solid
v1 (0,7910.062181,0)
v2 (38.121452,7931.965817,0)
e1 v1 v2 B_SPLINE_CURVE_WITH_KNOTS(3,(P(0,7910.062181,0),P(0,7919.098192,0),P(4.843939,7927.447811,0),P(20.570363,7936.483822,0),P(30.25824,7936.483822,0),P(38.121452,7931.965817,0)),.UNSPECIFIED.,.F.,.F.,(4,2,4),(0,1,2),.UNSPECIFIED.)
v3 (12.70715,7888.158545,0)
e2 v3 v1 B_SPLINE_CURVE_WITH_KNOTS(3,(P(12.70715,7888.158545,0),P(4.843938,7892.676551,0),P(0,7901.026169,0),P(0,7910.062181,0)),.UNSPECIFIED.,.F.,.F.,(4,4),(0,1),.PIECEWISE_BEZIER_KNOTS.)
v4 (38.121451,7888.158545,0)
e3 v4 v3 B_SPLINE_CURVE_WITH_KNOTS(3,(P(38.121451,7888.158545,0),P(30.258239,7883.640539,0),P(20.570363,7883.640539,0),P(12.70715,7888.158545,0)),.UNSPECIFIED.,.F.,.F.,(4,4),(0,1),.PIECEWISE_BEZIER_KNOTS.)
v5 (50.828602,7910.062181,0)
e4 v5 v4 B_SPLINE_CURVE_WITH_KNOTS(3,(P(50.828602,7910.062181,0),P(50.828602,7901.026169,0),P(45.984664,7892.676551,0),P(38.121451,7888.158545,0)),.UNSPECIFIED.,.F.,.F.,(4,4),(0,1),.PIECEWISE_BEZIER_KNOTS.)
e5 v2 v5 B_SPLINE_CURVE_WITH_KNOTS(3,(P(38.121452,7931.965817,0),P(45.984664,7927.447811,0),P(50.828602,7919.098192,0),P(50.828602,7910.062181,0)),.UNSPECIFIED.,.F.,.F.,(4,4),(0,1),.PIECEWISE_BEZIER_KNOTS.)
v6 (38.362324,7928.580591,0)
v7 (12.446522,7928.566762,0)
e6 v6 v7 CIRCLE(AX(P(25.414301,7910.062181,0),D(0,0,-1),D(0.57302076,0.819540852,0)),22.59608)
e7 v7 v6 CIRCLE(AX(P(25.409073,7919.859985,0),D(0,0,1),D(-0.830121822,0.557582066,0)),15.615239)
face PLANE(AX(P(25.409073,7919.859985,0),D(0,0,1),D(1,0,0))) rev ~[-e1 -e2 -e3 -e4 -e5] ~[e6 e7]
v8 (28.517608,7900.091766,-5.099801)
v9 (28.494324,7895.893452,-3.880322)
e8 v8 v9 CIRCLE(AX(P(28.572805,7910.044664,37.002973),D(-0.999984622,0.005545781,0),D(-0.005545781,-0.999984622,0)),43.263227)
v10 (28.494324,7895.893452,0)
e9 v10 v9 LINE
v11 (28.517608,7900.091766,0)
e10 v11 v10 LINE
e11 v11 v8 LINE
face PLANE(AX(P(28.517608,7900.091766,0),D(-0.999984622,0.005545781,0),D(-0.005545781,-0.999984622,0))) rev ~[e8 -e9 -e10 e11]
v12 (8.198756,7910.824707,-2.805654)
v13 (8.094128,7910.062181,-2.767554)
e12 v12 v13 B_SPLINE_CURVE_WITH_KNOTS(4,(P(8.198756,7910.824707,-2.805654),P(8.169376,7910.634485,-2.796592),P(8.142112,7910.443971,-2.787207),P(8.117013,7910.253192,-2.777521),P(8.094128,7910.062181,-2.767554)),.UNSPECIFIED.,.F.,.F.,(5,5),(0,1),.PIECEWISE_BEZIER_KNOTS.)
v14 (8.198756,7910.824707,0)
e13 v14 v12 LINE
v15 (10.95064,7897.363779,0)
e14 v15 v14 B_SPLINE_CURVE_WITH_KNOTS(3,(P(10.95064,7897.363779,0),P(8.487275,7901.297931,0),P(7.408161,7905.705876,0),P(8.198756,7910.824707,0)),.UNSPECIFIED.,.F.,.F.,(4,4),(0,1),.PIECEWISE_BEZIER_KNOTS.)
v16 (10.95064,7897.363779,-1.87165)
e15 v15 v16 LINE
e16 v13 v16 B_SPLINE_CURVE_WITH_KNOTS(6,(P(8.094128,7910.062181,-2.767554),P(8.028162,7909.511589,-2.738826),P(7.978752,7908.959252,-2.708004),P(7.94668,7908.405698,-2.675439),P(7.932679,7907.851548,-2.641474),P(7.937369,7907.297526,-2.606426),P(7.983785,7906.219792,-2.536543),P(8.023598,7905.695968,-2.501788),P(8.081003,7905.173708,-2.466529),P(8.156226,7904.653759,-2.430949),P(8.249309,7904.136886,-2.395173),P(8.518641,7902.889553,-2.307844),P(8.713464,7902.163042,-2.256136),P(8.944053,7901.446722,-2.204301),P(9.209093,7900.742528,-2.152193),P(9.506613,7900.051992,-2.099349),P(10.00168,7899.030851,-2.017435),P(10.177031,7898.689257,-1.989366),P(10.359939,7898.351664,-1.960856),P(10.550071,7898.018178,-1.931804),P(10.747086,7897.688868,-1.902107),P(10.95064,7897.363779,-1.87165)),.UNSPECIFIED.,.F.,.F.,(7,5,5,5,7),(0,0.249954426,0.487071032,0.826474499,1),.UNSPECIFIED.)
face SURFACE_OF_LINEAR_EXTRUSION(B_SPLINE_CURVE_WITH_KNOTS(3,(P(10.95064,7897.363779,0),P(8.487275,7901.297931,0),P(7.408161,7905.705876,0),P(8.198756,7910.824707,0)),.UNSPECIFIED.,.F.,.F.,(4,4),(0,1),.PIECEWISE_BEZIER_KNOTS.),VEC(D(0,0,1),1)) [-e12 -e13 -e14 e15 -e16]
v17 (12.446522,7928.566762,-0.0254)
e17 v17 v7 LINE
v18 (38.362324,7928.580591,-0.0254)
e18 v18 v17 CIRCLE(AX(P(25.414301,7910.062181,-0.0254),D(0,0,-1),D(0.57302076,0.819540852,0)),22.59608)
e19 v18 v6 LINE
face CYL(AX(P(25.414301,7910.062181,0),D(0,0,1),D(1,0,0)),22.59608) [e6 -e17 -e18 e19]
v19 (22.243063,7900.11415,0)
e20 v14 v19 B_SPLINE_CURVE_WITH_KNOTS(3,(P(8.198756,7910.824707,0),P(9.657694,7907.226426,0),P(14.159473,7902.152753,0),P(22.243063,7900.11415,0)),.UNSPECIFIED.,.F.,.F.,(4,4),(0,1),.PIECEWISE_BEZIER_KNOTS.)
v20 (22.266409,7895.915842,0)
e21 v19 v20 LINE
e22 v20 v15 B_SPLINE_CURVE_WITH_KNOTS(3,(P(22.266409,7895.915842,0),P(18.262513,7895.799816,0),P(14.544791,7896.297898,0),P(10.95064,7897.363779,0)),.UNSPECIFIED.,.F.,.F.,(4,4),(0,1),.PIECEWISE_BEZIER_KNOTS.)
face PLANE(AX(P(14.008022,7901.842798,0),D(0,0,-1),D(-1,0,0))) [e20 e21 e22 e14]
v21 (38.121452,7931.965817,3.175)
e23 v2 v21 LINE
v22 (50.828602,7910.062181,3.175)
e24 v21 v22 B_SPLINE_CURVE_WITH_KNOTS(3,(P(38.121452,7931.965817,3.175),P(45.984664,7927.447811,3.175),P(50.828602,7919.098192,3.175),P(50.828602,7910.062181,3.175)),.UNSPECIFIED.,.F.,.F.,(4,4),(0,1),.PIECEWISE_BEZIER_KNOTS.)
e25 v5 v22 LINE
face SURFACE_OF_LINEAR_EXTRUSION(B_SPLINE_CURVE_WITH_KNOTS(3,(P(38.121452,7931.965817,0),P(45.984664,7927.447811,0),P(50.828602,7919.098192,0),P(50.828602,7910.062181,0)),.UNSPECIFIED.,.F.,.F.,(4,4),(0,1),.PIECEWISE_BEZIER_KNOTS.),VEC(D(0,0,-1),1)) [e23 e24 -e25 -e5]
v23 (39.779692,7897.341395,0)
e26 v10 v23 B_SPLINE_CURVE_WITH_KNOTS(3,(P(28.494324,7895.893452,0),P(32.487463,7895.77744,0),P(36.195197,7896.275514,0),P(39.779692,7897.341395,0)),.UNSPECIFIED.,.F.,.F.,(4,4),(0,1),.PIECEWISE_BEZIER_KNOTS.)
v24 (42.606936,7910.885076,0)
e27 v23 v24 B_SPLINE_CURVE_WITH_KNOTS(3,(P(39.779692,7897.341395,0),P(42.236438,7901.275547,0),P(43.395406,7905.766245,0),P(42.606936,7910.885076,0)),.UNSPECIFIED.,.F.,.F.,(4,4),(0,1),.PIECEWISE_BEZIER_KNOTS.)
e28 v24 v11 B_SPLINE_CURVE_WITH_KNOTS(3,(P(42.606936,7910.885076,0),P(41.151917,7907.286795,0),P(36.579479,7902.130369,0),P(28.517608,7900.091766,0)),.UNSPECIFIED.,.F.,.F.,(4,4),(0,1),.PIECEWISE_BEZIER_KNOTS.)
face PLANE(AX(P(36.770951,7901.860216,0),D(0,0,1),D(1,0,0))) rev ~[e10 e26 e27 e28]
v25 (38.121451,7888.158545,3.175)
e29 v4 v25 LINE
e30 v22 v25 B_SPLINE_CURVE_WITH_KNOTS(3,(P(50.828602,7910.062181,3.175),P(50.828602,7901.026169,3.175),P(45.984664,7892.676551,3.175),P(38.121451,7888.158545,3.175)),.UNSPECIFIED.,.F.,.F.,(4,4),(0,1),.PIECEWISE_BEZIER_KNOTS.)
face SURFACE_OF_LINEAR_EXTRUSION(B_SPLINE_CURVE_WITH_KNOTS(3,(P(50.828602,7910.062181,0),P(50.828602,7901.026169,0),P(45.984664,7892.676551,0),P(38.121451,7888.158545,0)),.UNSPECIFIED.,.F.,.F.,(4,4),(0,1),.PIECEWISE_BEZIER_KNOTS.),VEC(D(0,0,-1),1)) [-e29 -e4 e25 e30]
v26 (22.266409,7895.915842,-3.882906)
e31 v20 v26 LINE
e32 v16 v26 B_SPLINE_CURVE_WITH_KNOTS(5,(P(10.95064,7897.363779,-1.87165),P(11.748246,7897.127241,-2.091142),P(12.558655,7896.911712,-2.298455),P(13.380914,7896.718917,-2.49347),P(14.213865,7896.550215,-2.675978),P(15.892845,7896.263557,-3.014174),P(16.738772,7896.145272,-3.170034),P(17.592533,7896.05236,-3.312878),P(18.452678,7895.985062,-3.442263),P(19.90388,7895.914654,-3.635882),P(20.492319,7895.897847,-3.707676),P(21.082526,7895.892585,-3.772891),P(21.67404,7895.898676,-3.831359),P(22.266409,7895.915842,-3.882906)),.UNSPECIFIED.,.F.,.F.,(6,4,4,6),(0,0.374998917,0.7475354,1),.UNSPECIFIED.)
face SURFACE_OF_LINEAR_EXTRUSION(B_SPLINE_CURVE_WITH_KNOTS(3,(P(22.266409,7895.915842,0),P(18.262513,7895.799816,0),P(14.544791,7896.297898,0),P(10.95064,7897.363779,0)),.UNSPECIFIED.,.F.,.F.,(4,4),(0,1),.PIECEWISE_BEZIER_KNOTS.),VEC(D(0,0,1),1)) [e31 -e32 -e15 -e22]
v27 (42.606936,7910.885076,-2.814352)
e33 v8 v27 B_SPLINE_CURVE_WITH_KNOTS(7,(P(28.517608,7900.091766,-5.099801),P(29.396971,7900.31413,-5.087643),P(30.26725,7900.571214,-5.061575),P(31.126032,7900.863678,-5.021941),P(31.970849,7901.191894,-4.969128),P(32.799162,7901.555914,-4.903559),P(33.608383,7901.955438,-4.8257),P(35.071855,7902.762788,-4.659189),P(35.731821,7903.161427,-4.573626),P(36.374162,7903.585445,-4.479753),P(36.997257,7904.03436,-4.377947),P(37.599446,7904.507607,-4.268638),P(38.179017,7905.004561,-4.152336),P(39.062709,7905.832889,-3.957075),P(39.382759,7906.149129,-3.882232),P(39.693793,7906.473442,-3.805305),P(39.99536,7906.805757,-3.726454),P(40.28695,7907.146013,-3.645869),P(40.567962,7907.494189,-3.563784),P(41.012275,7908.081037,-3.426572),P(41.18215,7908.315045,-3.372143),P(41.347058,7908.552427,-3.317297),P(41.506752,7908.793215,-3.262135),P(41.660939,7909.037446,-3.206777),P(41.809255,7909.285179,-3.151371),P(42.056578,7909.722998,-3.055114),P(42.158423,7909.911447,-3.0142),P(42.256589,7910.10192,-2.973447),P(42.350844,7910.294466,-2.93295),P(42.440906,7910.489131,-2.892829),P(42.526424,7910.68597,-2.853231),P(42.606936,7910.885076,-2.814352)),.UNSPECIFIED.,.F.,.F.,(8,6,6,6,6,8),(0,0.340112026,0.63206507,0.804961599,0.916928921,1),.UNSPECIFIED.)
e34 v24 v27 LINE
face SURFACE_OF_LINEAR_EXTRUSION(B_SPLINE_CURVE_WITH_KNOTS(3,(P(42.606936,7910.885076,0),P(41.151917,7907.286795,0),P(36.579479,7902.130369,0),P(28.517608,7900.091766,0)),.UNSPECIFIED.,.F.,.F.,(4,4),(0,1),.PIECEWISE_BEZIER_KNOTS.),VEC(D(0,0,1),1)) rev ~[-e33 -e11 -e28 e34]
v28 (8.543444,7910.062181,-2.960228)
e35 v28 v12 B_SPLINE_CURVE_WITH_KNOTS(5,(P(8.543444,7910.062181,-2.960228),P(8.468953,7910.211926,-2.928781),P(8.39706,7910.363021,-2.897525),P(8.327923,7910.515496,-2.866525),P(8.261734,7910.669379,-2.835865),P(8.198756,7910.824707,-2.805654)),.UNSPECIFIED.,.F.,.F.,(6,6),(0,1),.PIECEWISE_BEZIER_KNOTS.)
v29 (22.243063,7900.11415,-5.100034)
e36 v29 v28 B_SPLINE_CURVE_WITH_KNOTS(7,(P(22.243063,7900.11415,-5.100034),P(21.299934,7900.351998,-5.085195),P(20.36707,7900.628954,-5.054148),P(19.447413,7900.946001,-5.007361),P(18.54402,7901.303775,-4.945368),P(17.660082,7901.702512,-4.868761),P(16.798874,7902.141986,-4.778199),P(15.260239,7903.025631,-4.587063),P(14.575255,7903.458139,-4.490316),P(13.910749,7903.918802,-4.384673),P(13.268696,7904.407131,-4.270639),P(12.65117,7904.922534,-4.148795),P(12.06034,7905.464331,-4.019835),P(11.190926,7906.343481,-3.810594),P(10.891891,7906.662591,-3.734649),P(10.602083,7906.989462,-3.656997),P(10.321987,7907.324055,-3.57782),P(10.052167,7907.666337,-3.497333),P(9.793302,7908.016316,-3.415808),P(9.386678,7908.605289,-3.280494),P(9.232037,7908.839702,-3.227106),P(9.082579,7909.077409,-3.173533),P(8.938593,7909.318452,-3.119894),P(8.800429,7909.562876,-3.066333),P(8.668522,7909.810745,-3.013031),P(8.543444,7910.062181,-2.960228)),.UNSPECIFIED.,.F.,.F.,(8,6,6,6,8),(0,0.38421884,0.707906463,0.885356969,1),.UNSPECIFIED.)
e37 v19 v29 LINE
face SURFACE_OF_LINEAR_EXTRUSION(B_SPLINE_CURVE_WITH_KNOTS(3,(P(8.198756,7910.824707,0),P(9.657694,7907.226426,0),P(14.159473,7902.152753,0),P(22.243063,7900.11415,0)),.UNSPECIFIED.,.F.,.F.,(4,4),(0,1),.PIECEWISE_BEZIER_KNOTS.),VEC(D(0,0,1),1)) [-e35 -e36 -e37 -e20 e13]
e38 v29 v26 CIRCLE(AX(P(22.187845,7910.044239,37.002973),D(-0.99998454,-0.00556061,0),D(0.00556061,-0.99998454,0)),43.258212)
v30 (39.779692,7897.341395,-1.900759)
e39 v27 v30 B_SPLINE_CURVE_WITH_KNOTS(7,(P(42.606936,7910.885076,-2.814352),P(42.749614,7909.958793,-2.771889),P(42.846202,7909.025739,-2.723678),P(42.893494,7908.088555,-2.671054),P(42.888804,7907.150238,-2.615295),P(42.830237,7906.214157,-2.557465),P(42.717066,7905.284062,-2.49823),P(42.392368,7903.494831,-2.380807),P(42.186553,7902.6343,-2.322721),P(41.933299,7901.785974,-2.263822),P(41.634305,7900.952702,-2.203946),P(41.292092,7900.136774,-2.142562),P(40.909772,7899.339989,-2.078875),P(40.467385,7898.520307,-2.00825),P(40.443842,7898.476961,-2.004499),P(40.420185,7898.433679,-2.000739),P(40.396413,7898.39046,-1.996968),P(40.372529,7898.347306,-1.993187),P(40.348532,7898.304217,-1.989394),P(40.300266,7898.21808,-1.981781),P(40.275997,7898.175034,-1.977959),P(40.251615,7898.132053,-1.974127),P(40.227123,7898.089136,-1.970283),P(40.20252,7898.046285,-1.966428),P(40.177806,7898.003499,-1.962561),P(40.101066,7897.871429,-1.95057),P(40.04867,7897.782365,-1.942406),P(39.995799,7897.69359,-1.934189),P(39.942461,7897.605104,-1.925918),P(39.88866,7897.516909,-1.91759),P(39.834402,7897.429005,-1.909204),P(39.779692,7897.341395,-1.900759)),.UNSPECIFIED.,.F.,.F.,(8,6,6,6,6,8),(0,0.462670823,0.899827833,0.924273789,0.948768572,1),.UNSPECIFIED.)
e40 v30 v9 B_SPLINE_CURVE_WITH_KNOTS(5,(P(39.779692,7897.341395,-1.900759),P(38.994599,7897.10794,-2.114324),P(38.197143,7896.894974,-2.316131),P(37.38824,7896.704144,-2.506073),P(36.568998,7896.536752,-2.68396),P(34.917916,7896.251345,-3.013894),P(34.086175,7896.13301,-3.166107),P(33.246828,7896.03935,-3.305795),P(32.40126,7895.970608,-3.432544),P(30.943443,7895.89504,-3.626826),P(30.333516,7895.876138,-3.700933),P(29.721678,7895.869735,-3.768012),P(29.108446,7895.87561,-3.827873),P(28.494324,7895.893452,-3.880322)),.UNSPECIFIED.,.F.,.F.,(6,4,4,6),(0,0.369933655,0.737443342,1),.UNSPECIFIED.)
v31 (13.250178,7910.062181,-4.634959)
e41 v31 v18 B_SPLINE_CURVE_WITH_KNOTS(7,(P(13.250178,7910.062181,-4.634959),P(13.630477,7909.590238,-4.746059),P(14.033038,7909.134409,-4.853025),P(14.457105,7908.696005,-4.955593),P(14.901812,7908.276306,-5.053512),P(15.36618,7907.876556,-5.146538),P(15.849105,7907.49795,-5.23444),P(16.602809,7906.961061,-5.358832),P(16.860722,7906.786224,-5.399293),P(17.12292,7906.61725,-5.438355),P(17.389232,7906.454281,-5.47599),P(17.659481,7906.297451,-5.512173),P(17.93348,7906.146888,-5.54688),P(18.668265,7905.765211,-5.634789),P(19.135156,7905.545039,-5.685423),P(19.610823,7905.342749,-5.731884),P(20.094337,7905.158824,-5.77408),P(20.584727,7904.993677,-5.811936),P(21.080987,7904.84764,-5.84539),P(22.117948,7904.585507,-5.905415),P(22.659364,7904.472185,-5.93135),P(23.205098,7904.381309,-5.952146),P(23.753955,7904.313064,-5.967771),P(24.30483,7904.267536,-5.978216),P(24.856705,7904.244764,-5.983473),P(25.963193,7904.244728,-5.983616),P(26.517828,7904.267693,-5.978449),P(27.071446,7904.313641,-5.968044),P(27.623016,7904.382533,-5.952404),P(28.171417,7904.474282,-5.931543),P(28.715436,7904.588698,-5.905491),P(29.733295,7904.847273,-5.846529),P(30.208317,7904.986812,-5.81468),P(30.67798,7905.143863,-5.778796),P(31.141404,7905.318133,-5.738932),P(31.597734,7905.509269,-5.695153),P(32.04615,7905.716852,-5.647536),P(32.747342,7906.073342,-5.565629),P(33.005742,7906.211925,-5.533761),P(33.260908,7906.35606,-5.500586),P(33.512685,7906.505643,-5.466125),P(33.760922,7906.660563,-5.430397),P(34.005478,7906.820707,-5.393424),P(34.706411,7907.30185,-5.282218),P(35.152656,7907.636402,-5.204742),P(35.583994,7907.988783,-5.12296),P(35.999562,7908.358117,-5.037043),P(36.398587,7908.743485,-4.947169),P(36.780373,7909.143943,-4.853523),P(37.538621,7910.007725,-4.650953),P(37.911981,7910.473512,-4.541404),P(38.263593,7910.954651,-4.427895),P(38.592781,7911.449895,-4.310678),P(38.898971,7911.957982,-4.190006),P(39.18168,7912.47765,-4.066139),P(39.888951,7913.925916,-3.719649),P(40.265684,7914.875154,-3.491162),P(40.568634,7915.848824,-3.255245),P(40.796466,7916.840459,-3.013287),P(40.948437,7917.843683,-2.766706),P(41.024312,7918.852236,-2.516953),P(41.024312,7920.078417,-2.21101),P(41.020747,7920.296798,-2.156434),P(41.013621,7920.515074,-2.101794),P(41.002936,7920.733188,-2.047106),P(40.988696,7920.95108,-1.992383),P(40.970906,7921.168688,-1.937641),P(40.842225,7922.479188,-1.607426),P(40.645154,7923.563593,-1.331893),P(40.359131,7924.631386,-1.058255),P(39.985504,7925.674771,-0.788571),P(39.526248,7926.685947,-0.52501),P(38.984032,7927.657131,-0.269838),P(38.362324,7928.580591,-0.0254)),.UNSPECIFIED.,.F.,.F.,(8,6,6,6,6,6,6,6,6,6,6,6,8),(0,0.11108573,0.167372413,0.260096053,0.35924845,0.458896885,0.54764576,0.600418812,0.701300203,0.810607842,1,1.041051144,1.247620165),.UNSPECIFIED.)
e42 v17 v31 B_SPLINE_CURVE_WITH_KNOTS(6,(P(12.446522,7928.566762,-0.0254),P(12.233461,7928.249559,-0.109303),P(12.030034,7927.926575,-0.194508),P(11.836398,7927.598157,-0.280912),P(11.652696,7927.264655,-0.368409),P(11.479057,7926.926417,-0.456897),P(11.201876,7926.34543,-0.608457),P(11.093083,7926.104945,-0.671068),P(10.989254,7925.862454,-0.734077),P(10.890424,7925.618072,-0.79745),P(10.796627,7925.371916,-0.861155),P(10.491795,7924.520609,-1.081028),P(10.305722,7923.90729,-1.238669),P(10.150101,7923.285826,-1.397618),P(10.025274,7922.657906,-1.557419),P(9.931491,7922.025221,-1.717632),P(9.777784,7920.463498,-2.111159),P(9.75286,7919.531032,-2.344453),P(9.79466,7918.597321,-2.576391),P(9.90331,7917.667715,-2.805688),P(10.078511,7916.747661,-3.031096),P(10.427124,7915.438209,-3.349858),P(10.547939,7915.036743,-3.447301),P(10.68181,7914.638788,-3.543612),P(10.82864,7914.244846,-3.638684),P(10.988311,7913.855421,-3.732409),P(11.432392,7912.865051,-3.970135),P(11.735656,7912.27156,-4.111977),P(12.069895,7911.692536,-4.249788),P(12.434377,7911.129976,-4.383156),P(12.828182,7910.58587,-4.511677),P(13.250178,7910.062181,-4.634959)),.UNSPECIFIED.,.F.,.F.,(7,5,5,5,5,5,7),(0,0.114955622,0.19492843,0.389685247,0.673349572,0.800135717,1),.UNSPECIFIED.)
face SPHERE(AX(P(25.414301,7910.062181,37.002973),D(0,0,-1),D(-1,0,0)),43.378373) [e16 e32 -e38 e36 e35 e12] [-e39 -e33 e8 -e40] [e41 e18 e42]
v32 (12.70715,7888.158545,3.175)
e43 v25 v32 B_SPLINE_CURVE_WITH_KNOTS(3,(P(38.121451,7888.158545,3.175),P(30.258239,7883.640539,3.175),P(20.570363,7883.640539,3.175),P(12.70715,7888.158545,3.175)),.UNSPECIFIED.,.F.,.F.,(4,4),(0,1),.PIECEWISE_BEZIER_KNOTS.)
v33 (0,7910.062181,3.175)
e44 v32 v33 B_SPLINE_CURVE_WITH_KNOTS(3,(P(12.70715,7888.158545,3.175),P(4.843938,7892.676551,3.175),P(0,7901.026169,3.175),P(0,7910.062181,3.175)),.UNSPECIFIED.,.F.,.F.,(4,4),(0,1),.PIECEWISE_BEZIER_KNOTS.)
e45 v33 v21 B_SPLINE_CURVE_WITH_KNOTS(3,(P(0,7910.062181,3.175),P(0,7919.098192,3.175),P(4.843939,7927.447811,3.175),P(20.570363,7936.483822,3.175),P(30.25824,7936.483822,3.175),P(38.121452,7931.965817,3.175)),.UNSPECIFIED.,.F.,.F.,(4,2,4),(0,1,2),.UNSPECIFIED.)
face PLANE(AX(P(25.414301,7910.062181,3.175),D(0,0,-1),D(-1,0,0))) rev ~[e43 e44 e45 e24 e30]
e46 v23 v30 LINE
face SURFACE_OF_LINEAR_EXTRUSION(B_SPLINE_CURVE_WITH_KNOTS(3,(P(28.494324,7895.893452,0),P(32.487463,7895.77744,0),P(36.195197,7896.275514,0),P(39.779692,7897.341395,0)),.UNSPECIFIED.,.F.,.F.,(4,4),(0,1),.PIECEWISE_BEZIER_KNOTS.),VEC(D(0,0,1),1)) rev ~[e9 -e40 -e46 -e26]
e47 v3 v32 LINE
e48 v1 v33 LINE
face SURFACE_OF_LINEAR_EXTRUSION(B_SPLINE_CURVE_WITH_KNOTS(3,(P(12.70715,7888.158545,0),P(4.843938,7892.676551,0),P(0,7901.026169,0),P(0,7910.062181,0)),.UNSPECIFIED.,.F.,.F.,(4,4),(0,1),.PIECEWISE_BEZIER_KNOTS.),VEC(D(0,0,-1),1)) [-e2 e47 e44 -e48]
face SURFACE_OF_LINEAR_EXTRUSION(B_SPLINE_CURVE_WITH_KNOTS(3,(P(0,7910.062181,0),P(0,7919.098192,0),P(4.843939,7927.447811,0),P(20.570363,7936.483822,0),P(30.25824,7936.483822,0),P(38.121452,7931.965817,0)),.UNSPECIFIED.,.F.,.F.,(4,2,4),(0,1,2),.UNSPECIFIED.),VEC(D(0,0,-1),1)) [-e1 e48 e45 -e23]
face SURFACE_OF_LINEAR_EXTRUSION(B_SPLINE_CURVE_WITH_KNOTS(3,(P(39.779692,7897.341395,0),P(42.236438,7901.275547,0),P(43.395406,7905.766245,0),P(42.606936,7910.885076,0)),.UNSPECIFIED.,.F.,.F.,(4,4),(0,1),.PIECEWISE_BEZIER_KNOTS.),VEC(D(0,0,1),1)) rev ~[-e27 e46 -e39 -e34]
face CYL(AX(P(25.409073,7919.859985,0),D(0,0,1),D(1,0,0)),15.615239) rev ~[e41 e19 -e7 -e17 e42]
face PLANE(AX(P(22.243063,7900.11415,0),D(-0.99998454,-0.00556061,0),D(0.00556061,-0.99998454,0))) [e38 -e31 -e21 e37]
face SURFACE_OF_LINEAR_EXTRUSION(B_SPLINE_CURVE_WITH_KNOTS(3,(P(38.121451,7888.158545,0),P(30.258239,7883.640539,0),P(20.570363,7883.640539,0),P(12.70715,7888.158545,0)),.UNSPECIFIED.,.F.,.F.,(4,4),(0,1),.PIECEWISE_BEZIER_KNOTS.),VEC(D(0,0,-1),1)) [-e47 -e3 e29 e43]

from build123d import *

# Parameters (mm, degrees)
BOSS_EXTRUDE1_DEPTH = 3.175
SKETCH3_R           = 22.596080088
BOSS_EXTRUDE2_DEPTH = 0.0254
DOME1_FACE_RADIUS   = 22.596080088
DOME1_HEIGHT        = 6.35
SKETCH4_R           = 15.615239036
CUT_EXTRUDE1_DEPTH  = 7.6454


with BuildPart() as part:
    # Sketch1 → Boss-Extrude1 (new body)
    with BuildSketch(Plane.XY):
        with BuildLine():
            add(Edge.make_bspline(
                [(50.828602384, 7910.062180707), (50.828602053, 7901.026169372), (45.984663658, 7892.676550548), (38.121451499, 7888.158544715)],
                knots=[0, 0, 0, 0, 1, 1, 1, 1], degree=3))
            add(Edge.make_bspline(
                [(38.121451499, 7888.158544715), (30.258239339, 7883.640539048), (20.570362548, 7883.640539048), (12.707150389, 7888.158544715)],
                knots=[0, 0, 0, 0, 1, 1, 1, 1], degree=3))
            add(Edge.make_bspline(
                [(12.707150389, 7888.158544715), (4.84393823, 7892.676550548), (-1.66e-07, 7901.026169372), (1.66e-07, 7910.062180707)],
                knots=[0, 0, 0, 0, 1, 1, 1, 1], degree=3))
            add(Edge.make_bspline(
                [(1.66e-07, 7910.062180707), (1.66e-07, 7919.098192041), (4.843938561, 7927.447810866), (12.70715072, 7931.965816533)],
                knots=[0, 0, 0, 0, 1, 1, 1, 1], degree=3))
            add(Edge.make_bspline(
                [(12.70715072, 7931.965816533), (20.570362879, 7936.4838222), (30.25823967, 7936.4838222), (38.12145183, 7931.965816533)],
                knots=[0, 0, 0, 0, 1, 1, 1, 1], degree=3))
            add(Edge.make_bspline(
                [(38.12145183, 7931.965816533), (45.984663989, 7927.447810866), (50.828602384, 7919.098192041), (50.828602384, 7910.062180707)],
                knots=[0, 0, 0, 0, 1, 1, 1, 1], degree=3))
        make_face()
    extrude(amount=BOSS_EXTRUDE1_DEPTH)

    # Sketch3 → Boss-Extrude2 (add)
    with BuildSketch(Plane.XY):
        with Locations((25.414301275, 7910.062180707)):
            Circle(SKETCH3_R)
    extrude(amount=-BOSS_EXTRUDE2_DEPTH)

    # Dome1: a dome of height H over a round flat face of radius A is a cap of a sphere of radius (A * A + H * H) / (2 * H)
    dome1_r = (DOME1_FACE_RADIUS * DOME1_FACE_RADIUS + DOME1_HEIGHT * DOME1_HEIGHT) / (2 * DOME1_HEIGHT)
    dome1_base = Plane((25.414301275, 7910.062180707, -0.0254), z_dir=(0, 0, -1))
    with Locations(dome1_base.offset(DOME1_HEIGHT - dome1_r)):
        dome1_ball = Sphere(dome1_r, mode=Mode.PRIVATE)
    add(split(dome1_ball, bisect_by=dome1_base, keep=Keep.TOP, mode=Mode.PRIVATE))

    # Sketch4 → Cut-Extrude1 (cut)
    with BuildSketch(Plane.XY):
        with Locations((25.409073045, 7919.859985206)):
            Circle(SKETCH4_R)
        with BuildLine():
            Line((28.51760754, 7900.091765684), (28.494324255, 7895.893452368))
            add(Edge.make_bspline(
                [(28.494324255, 7895.893452368), (32.487462639, 7895.777439774), (36.195197067, 7896.275514066), (39.779692278, 7897.341394667)],
                knots=[0, 0, 0, 0, 1, 1, 1, 1], degree=3))
            add(Edge.make_bspline(
                [(39.779692278, 7897.341394667), (42.236438359, 7901.275546963), (43.39540576, 7905.766244587), (42.606935871, 7910.885075863)],
                knots=[0, 0, 0, 0, 1, 1, 1, 1], degree=3))
            add(Edge.make_bspline(
                [(42.606935871, 7910.885075863), (41.151916565, 7907.286794723), (36.579479185, 7902.130368587), (28.51760754, 7900.091765684)],
                knots=[0, 0, 0, 0, 1, 1, 1, 1], degree=3))
        make_face()
        with BuildLine():
            Line((22.24306336, 7900.114149944), (22.266408875, 7895.915841924))
            add(Edge.make_bspline(
                [(22.266408875, 7895.915841924), (18.262512647, 7895.79981609), (14.544790967, 7896.297898327), (10.950640012, 7897.363778928)],
                knots=[0, 0, 0, 0, 1, 1, 1, 1], degree=3))
            add(Edge.make_bspline(
                [(10.950640012, 7897.363778928), (8.487275043, 7901.297931223), (7.408160638, 7905.705876198), (8.198755615, 7910.824707474)],
                knots=[0, 0, 0, 0, 1, 1, 1, 1], degree=3))
            add(Edge.make_bspline(
                [(8.198755615, 7910.824707474), (9.657694086, 7907.226426334), (14.159473448, 7902.152752848), (22.24306336, 7900.114149944)],
                knots=[0, 0, 0, 0, 1, 1, 1, 1], degree=3))
        make_face()
    extrude(amount=-CUT_EXTRUDE1_DEPTH, mode=Mode.SUBTRACT)


solid = part.part
